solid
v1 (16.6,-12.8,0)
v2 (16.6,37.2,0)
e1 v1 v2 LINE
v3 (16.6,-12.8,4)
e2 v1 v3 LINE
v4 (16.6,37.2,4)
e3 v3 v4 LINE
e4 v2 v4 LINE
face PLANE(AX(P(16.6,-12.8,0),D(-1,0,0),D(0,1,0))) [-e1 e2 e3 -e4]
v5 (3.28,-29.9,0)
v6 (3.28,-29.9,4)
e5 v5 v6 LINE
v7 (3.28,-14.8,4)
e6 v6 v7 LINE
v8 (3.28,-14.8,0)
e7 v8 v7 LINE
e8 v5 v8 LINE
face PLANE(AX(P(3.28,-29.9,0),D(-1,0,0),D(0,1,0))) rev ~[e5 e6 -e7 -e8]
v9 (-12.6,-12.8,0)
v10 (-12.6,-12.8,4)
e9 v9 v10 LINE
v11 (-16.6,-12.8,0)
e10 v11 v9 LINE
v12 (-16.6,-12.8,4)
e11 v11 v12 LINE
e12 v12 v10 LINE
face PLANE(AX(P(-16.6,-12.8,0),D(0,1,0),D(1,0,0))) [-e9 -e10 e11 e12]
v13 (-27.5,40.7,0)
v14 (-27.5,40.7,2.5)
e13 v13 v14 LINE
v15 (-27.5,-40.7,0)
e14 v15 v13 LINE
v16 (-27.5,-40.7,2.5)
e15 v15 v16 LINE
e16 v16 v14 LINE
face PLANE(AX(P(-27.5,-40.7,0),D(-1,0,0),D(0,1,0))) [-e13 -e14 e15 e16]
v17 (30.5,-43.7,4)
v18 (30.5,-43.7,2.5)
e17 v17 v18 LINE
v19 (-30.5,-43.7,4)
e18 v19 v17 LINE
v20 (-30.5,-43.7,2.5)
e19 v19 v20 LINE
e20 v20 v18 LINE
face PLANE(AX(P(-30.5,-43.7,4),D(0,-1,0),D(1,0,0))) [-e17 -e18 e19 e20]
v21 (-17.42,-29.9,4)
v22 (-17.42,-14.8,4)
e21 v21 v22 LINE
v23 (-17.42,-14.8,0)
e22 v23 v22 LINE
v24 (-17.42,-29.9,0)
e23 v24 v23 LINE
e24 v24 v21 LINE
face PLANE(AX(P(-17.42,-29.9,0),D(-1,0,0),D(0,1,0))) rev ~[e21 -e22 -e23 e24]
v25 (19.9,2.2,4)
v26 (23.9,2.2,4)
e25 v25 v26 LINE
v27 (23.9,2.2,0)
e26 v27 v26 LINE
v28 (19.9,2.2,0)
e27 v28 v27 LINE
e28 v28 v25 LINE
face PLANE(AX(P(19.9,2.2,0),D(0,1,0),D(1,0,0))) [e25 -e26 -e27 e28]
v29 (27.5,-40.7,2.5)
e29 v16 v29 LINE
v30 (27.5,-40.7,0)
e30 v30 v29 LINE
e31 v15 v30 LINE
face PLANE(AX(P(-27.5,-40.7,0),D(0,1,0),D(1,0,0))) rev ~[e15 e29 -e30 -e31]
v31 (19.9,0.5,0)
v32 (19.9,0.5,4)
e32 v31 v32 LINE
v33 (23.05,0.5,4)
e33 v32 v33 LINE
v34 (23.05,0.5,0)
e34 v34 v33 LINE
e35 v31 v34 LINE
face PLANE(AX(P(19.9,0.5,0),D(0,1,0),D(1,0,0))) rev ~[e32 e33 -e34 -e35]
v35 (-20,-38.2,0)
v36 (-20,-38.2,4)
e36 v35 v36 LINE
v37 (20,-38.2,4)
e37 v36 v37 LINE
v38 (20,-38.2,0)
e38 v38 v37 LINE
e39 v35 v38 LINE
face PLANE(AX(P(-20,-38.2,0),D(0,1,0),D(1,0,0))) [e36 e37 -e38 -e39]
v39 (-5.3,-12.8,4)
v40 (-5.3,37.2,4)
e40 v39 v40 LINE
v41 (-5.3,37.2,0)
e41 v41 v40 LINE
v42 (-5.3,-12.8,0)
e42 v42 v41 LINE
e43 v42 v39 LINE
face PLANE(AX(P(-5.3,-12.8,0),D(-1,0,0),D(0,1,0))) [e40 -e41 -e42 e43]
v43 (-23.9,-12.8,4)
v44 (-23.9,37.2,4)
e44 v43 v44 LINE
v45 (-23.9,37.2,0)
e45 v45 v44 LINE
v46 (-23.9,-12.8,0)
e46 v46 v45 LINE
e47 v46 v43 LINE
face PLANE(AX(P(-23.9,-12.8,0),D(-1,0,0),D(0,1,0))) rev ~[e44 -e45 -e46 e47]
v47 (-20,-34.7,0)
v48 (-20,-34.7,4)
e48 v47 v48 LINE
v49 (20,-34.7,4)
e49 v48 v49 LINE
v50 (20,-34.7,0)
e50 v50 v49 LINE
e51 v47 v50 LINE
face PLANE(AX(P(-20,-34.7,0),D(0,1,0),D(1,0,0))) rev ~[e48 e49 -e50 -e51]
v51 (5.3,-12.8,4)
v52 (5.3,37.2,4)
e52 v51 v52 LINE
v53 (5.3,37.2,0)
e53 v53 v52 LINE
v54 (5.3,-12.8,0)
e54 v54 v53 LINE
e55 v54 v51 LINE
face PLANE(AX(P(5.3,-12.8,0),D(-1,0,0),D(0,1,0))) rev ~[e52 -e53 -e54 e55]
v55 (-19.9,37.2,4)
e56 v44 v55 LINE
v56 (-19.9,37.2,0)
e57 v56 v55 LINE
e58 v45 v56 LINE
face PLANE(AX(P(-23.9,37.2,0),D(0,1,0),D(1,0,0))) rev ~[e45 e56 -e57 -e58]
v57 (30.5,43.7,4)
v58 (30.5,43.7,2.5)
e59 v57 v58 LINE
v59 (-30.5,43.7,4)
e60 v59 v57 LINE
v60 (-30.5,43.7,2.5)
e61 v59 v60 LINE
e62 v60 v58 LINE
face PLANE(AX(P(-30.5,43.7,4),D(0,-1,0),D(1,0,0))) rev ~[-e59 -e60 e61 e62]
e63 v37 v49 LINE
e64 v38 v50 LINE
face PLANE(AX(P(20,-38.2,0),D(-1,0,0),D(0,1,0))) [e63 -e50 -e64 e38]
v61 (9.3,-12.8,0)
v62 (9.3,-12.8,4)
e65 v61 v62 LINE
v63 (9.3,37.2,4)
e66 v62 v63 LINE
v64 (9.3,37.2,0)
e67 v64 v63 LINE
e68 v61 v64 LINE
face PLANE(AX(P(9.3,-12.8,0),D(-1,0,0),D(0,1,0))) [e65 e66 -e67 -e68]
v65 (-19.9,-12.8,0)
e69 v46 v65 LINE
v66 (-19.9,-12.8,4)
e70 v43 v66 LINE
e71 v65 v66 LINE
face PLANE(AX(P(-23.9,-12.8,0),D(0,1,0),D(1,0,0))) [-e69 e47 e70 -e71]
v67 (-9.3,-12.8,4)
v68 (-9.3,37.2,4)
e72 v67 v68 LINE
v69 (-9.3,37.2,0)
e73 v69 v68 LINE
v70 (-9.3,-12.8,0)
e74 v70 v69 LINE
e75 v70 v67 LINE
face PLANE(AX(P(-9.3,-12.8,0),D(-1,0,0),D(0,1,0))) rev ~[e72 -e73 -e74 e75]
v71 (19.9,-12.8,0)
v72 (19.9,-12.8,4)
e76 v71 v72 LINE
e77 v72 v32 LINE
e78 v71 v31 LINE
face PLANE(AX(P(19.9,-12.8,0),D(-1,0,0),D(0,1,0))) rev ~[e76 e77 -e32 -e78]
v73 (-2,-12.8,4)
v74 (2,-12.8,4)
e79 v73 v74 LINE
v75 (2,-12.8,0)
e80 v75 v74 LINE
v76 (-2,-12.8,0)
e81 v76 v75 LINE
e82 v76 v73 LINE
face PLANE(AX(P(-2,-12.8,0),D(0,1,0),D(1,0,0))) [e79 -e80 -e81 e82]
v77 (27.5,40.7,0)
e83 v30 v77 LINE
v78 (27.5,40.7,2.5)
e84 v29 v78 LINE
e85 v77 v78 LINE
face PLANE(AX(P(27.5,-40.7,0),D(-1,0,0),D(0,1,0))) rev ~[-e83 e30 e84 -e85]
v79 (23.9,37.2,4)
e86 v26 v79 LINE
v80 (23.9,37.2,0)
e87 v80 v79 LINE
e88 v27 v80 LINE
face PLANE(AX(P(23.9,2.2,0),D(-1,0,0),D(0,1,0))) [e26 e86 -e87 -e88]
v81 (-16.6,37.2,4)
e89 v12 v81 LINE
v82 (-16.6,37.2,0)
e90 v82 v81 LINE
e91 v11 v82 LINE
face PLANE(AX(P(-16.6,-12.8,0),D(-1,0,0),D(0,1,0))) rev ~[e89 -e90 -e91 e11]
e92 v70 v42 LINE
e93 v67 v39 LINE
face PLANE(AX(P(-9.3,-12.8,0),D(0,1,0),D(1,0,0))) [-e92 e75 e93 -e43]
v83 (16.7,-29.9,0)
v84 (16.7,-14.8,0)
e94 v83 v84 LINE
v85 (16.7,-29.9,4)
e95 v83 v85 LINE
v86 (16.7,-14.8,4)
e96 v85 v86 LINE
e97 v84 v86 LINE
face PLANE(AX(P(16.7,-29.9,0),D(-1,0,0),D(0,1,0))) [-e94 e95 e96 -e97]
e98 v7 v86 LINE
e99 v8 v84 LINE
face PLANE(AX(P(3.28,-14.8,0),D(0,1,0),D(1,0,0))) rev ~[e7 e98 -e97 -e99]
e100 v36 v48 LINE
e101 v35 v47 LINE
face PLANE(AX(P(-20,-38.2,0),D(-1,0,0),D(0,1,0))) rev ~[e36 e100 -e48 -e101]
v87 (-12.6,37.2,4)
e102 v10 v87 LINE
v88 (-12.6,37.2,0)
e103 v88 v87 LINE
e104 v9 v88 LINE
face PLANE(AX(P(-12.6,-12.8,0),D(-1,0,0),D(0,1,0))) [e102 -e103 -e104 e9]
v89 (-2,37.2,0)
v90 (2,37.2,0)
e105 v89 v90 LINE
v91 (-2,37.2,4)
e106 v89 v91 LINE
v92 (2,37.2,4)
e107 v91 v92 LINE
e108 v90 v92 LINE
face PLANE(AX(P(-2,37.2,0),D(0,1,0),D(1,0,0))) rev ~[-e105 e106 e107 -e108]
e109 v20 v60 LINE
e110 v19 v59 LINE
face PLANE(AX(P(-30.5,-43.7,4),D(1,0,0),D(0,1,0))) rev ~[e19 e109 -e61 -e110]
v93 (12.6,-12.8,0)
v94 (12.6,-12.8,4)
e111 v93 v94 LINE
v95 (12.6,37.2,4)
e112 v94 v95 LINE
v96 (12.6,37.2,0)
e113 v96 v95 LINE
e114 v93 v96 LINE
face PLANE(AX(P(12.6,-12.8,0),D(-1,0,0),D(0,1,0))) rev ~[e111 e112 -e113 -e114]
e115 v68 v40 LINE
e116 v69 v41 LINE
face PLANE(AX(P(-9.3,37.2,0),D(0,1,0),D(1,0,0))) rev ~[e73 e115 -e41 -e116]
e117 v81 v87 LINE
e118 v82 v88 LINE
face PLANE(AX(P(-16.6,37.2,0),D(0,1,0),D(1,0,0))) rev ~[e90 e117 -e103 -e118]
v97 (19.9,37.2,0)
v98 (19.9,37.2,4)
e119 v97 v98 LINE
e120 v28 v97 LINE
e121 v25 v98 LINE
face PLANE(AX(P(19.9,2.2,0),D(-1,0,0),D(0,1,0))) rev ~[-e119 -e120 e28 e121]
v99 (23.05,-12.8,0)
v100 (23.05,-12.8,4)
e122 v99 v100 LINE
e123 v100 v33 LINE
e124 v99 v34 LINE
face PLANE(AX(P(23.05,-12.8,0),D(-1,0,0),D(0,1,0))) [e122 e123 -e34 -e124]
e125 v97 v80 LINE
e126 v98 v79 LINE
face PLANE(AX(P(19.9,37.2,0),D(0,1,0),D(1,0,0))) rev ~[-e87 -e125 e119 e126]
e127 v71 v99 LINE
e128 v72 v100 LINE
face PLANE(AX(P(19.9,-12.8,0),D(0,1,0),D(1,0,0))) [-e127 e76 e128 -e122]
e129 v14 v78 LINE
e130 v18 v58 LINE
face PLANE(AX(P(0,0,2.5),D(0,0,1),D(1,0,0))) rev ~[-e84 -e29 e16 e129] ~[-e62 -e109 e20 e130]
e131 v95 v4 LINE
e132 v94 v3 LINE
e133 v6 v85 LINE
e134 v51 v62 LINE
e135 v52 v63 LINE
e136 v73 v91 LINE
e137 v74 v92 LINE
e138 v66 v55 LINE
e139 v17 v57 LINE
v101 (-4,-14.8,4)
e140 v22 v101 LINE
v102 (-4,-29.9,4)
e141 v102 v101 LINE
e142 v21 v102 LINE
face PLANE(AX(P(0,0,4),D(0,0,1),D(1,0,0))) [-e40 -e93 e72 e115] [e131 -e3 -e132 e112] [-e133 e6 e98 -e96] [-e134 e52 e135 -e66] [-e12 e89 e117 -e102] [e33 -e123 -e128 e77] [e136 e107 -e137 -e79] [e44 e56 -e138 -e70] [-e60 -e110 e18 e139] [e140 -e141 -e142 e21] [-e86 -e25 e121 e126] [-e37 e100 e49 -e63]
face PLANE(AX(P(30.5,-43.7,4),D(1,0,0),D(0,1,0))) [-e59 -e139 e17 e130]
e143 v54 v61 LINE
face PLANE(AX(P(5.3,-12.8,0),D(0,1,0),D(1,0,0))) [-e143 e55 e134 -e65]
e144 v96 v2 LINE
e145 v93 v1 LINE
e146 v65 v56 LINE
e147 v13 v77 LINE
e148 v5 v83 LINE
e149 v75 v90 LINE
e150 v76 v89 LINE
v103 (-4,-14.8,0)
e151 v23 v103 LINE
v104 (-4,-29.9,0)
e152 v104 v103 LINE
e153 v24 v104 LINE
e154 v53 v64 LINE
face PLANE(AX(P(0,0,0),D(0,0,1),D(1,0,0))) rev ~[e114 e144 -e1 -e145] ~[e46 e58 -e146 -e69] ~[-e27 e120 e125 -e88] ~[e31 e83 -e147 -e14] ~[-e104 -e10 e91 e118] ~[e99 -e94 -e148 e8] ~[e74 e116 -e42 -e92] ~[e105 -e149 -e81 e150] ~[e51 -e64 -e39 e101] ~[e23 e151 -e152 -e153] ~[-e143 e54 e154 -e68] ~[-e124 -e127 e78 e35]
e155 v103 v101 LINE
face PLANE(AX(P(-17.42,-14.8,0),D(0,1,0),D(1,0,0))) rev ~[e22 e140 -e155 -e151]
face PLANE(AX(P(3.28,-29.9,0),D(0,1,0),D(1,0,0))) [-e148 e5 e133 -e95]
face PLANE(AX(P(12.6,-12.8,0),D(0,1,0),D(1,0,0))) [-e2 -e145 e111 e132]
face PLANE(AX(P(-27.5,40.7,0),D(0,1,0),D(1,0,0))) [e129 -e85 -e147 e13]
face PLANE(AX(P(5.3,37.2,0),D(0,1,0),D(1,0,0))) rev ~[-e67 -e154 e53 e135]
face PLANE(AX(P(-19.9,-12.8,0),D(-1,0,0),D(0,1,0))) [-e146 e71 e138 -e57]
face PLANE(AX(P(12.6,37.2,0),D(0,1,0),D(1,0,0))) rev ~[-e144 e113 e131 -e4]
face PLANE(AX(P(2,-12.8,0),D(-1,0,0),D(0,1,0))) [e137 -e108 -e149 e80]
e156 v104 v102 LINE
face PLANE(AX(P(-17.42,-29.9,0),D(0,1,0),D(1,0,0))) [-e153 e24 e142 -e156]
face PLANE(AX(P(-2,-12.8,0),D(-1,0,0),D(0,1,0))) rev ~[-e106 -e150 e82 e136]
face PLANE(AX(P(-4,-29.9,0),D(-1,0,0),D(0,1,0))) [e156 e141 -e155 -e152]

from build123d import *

# Parameters (mm, degrees)
SKETCH_W      = 55
SKETCH_H      = 81.4
SKETCH_W_2    = 4
SKETCH_H_2    = 50
SKETCH_H_3    = 35
SKETCH_W_3    = 3.15
SKETCH_H_4    = 13.3
SKETCH_W_4    = 13.42
SKETCH_H_5    = 15.1
SKETCH_W_5    = 40
SKETCH_H_6    = 3.5
PAD_DEPTH     = 4
SKETCH001_W   = 61
SKETCH001_H   = 87.4
SKETCH001_W_2 = 55
SKETCH001_H_2 = 81.4
PAD001_DEPTH  = 1.5


with BuildPart() as part:
    # Sketch → Pad (new body)
    with BuildSketch(Plane.XY):
        Rectangle(SKETCH_W, SKETCH_H)
        with Locations((-21.9, 12.2)):
            Rectangle(SKETCH_W_2, SKETCH_H_2, mode=Mode.SUBTRACT)
        with Locations((-14.6, 12.2)):
            Rectangle(SKETCH_W_2, SKETCH_H_2, mode=Mode.SUBTRACT)
        with Locations((-7.3, 12.2)):
            Rectangle(SKETCH_W_2, SKETCH_H_2, mode=Mode.SUBTRACT)
        with Locations((0, 12.2)):
            Rectangle(SKETCH_W_2, SKETCH_H_2, mode=Mode.SUBTRACT)
        with Locations((7.3, 12.2)):
            Rectangle(SKETCH_W_2, SKETCH_H_2, mode=Mode.SUBTRACT)
        with Locations((14.6, 12.2)):
            Rectangle(SKETCH_W_2, SKETCH_H_2, mode=Mode.SUBTRACT)
        with Locations((21.9, 19.7)):
            Rectangle(SKETCH_W_2, SKETCH_H_3, mode=Mode.SUBTRACT)
        with Locations((21.475, -6.15)):
            Rectangle(SKETCH_W_3, SKETCH_H_4, mode=Mode.SUBTRACT)
        with Locations((-10.71, -22.35)):
            Rectangle(SKETCH_W_4, SKETCH_H_5, mode=Mode.SUBTRACT)
        with Locations((9.99, -22.35)):
            Rectangle(SKETCH_W_4, SKETCH_H_5, mode=Mode.SUBTRACT)
        with Locations((0, -36.45)):
            Rectangle(SKETCH_W_5, SKETCH_H_6, mode=Mode.SUBTRACT)
    extrude(amount=PAD_DEPTH)

    # Sketch001 → Pad001 (new body)
    with BuildSketch(Plane.XY.offset(4)):
        Rectangle(SKETCH001_W, SKETCH001_H)
        Rectangle(SKETCH001_W_2, SKETCH001_H_2, mode=Mode.SUBTRACT)
    extrude(amount=-PAD001_DEPTH)


solid = part.part
